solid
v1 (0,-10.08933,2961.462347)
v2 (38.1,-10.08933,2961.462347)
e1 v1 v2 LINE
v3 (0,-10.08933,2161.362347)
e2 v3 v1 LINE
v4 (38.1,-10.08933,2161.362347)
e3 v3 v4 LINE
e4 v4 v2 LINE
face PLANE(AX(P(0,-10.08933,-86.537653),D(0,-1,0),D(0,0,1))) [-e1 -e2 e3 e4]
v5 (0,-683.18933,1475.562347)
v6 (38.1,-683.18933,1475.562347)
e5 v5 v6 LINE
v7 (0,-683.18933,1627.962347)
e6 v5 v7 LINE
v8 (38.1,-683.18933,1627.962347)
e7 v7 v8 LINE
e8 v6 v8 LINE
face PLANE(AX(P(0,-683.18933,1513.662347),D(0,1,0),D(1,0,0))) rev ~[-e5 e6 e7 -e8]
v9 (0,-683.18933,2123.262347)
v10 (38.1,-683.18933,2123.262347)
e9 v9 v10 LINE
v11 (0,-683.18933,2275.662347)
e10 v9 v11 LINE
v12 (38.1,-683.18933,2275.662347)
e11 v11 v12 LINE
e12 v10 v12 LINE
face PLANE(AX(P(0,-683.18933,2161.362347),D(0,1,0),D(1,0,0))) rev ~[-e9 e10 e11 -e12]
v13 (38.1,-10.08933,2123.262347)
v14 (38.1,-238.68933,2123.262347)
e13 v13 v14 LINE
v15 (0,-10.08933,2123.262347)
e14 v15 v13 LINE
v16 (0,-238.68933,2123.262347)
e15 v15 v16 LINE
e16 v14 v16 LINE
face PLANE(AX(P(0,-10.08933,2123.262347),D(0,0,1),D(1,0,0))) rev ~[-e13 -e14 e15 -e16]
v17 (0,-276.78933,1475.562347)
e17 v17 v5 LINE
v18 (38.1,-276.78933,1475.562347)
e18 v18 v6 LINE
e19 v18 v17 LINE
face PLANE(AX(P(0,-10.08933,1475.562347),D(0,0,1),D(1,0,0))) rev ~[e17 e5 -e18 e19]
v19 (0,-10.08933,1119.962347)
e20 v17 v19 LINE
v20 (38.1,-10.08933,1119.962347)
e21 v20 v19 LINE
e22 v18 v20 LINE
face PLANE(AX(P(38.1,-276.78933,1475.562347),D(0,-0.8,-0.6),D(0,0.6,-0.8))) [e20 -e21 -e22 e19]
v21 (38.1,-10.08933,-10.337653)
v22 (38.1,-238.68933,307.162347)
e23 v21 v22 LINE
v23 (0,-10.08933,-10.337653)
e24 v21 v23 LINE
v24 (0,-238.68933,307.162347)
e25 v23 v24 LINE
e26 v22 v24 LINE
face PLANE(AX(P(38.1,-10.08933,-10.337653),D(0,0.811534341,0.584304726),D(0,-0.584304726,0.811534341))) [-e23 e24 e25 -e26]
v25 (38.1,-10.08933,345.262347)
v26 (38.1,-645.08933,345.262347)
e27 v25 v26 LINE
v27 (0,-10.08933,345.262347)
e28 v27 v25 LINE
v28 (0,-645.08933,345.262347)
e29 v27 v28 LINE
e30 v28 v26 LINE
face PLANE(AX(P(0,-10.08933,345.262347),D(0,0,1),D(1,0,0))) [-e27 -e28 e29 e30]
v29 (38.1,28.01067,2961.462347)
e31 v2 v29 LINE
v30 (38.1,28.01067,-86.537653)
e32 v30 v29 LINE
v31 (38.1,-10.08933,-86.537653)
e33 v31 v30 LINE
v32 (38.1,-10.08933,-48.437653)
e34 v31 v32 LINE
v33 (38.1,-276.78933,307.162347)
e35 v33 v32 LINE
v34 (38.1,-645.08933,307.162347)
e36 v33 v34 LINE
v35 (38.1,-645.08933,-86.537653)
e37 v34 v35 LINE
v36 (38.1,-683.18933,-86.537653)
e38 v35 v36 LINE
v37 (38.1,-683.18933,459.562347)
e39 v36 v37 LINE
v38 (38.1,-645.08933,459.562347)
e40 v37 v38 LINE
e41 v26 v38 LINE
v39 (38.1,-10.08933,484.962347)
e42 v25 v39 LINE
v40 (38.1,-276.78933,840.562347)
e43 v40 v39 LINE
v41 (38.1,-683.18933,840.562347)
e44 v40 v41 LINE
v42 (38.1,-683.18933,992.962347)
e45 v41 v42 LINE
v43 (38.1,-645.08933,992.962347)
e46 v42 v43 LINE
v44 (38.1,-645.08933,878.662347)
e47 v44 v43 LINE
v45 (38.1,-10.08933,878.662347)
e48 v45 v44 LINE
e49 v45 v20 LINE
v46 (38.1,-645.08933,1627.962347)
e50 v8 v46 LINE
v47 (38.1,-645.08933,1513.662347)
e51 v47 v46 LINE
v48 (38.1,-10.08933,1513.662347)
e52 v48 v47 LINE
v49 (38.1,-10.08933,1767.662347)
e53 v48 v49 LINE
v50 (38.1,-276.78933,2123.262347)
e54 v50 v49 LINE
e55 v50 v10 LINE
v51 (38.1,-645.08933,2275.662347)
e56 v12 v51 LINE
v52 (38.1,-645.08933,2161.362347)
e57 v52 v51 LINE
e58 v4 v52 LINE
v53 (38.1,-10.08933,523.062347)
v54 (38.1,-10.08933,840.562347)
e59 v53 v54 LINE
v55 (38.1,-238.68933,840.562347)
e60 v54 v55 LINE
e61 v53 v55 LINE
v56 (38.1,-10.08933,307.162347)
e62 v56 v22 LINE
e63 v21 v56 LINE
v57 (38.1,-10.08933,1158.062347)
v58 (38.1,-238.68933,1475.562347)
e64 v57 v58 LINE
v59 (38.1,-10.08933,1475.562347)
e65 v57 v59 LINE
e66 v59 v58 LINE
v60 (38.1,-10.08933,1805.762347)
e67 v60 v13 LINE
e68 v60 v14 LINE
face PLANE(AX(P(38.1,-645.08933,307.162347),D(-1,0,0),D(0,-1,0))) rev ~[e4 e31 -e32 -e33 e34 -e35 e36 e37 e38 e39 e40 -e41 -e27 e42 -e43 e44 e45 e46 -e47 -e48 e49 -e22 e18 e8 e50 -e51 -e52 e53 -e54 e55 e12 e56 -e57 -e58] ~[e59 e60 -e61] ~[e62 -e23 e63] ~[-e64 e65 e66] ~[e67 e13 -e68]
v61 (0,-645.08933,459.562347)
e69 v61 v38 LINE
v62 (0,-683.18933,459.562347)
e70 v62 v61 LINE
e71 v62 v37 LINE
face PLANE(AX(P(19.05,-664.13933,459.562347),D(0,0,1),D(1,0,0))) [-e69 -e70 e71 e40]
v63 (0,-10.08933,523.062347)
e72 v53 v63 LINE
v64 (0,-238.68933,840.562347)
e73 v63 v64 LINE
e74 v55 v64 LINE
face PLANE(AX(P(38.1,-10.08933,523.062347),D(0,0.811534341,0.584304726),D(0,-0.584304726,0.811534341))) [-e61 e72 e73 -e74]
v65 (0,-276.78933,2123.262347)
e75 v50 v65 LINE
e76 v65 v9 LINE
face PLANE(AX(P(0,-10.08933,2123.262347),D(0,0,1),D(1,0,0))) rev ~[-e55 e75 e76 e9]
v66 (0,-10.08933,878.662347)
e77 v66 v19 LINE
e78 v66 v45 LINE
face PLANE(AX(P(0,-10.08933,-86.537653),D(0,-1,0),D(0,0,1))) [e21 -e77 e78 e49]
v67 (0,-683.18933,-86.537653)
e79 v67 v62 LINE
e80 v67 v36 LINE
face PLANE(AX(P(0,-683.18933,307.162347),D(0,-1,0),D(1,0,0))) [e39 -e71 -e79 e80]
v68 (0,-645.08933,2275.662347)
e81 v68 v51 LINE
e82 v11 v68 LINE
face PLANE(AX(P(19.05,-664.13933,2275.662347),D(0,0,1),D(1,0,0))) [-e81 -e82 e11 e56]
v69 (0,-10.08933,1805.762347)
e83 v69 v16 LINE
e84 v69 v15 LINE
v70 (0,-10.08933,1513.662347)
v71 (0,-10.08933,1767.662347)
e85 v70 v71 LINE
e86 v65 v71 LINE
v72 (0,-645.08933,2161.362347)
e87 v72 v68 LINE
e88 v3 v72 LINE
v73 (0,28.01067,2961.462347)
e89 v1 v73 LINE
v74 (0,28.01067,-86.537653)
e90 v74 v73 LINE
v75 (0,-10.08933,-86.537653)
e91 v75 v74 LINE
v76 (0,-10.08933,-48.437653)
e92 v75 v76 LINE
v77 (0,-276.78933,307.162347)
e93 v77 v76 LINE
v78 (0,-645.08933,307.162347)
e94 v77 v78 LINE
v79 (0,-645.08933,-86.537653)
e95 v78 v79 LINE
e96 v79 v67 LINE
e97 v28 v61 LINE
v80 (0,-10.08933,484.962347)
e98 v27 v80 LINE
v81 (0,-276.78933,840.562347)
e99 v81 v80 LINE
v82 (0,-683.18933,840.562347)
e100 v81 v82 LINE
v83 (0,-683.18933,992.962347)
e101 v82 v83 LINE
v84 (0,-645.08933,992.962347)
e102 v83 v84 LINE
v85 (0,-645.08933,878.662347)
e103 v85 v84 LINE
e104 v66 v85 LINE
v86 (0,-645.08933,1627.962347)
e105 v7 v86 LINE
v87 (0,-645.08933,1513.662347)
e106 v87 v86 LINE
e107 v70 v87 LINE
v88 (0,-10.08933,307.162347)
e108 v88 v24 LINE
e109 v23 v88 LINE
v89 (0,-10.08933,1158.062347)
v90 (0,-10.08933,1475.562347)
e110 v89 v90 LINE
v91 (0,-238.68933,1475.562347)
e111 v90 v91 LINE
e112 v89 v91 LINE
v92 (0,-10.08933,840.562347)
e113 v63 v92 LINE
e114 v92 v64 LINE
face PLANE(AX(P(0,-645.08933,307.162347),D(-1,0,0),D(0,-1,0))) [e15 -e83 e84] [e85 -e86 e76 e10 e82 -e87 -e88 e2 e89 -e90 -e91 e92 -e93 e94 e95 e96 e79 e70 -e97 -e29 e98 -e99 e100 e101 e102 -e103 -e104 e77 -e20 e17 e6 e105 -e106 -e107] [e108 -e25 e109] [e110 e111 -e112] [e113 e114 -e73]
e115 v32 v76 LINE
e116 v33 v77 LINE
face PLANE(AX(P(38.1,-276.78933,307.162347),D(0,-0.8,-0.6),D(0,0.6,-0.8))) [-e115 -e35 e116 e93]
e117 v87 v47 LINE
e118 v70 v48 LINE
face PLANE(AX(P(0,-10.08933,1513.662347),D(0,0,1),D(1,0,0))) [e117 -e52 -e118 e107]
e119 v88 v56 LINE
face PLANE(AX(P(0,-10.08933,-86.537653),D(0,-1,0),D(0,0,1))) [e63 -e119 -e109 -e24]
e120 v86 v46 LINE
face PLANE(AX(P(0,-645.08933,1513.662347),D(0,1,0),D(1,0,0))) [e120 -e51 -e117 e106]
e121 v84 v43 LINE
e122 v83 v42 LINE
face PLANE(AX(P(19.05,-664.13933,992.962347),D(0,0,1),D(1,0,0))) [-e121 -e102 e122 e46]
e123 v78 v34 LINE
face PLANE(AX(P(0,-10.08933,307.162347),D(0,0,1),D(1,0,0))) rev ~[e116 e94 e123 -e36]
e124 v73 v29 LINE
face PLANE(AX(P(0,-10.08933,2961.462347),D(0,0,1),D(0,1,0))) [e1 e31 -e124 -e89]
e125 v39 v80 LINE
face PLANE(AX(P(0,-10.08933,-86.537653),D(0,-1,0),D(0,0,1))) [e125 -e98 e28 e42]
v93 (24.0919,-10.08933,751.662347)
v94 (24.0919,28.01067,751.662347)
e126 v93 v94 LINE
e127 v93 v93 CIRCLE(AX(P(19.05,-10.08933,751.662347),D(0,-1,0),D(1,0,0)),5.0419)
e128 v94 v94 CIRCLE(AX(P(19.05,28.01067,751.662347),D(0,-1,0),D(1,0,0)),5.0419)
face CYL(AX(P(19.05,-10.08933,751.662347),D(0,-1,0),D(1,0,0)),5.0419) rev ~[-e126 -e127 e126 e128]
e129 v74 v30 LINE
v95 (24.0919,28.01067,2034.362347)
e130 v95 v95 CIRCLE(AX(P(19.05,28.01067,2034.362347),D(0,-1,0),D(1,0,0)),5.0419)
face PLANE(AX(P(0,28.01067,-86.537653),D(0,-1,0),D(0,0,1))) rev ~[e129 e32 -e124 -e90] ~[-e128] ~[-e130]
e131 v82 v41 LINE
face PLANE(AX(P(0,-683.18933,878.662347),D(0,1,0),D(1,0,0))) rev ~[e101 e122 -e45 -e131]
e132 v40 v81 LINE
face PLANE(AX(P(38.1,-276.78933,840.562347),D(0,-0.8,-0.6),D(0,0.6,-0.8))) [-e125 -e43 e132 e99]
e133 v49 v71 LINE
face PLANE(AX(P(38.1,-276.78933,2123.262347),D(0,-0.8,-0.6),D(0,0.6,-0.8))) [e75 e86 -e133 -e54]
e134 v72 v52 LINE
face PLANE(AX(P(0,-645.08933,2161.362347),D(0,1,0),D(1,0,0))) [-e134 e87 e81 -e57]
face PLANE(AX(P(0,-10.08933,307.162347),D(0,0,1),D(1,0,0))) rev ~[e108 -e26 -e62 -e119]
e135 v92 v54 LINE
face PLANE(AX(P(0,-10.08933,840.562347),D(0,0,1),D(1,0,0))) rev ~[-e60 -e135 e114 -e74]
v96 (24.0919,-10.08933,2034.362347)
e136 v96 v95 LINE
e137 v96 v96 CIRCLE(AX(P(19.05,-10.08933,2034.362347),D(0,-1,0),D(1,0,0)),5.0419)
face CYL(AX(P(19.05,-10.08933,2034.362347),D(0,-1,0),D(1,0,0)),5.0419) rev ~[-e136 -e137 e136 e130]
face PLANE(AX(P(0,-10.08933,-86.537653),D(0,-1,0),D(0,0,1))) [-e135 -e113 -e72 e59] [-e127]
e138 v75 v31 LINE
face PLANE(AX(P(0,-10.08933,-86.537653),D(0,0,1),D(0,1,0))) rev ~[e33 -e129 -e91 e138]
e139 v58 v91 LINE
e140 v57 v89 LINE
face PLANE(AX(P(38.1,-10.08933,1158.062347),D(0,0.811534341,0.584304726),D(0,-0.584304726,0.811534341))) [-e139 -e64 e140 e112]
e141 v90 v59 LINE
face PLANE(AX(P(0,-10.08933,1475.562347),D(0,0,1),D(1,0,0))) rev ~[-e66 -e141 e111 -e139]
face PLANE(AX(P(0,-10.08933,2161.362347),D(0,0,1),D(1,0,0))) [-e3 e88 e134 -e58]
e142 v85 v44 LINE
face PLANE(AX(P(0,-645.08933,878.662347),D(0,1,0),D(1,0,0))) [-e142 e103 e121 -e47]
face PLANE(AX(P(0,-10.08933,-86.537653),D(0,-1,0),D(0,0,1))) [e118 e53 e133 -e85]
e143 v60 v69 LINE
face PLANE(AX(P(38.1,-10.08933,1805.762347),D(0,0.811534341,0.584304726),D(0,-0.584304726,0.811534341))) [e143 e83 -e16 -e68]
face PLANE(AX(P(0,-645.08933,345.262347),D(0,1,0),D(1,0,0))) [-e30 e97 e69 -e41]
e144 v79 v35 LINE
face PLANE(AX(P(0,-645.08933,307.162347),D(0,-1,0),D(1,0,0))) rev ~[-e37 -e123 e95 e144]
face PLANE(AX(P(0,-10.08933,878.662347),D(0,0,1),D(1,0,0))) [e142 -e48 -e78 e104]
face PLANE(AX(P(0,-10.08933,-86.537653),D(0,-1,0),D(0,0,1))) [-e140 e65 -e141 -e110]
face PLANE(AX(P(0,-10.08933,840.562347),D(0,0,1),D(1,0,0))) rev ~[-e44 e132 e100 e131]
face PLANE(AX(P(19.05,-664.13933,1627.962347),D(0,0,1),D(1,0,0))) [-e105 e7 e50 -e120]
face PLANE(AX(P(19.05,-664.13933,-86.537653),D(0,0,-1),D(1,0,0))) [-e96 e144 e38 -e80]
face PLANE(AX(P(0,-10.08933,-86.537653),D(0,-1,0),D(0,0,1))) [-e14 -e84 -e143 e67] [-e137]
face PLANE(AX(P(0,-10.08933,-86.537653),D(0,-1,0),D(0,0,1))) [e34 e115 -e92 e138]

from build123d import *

# Parameters (mm, degrees)
F0_W      = 38.1
F0_H      = 3048
F1_DEPTH  = 38.1
F2_W      = 38.1
F2_H      = 38.1
F3_DEPTH  = 673.1
F4_W      = 38.1
F4_H      = 38.1
F5_DEPTH  = 114.3
F6_W      = 38.1
F6_H      = 38.1
F7_DEPTH  = 114.3
F8_W      = 38.1
F8_H      = 38.1
F9_DEPTH  = 114.3
F10_W     = 38.1
F10_H     = 38.1
F11_DEPTH = 114.3
F12_W     = 38.1
F12_H     = 38.1
F13_DEPTH = 393.7
F15_DEPTH = 38.1
F17_D     = 10.0838
F17_DEPTH = 38.101


with BuildPart() as f1:
    # F0 (on Right) → F1 (new body)
    with BuildSketch(Plane.YZ):
        with Locations((8.9606698602, 1437.4623473273)):
            Rectangle(F0_W, F0_H)
    extrude(amount=F1_DEPTH)

    # F2 (on face) → F3 (join)
    with BuildSketch(Plane.XZ.offset(10.0893301398)):
        with Locations((19.05, 2142.3123473273)):
            Rectangle(F2_W, F2_H)
        with Locations((19.05, 1494.6123473273)):
            Rectangle(F2_W, F2_H)
        with Locations((19.05, 859.6123473273)):
            Rectangle(F2_W, F2_H)
        with Locations((19.05, 326.2123473273)):
            Rectangle(F2_W, F2_H)
    extrude(amount=F3_DEPTH)

    # F4 (on face) → F5 (join)
    with BuildSketch(Plane.XY.offset(2161.3623473273)):
        with Locations((19.05, -664.1393301398)):
            Rectangle(F4_W, F4_H)
    extrude(amount=F5_DEPTH)

    # F6 (on face) → F7 (join)
    with BuildSketch(Plane.XY.offset(1513.6623473273)):
        with Locations((19.05, -664.1393301398)):
            Rectangle(F6_W, F6_H)
    extrude(amount=F7_DEPTH)

    # F8 (on face) → F9 (join)
    with BuildSketch(Plane.XY.offset(878.6623473273)):
        with Locations((19.05, -664.1393301398)):
            Rectangle(F8_W, F8_H)
    extrude(amount=F9_DEPTH)

    # F10 (on face) → F11 (join)
    with BuildSketch(Plane.XY.offset(345.2623473273)):
        with Locations((19.05, -664.1393301398)):
            Rectangle(F10_W, F10_H)
    extrude(amount=F11_DEPTH)

    # F12 (on face) → F13 (join, through all)
    with BuildSketch(Plane(origin=(0, 0, 307.1623473273), x_dir=(1, 0, 0), z_dir=(0, 0, -1))):
        with Locations((19.05, 664.1393301398)):
            Rectangle(F12_W, F12_H)
    extrude(amount=F13_DEPTH)

    # F14 (on face) → F15 (join)
    with BuildSketch(Plane.YZ.offset(38.1)):
        Polygon((-276.7893301398, 2123.2623473273), (-10.0893301398, 1767.6623473273), (-10.0893301398, 1805.7623473273), (-238.6893301398, 2123.2623473273), align=None)
        Polygon((-276.7893301398, 1475.5623473273), (-10.0893301398, 1119.9623473273), (-10.0893301398, 1158.0623473273), (-238.6893301398, 1475.5623473273), align=None)
        Polygon((-238.6893301398, 840.5623473273), (-276.7893301398, 840.5623473273), (-10.0893301398, 484.9623473273), (-10.0893301398, 523.0623473273), align=None)
        Polygon((-238.6893301398, 307.1623473273), (-276.7893301398, 307.1623473273), (-10.0893301398, -48.4376526727), (-10.0893301398, -10.3376526727), align=None)
    extrude(amount=-F15_DEPTH)

    # F17 (through all, one way)
    with BuildSketch(Plane.XZ.offset(10.0893301398)):
        with Locations((19.05, 2034.3623473273), (19.05, 751.6623473273)):
            Circle(F17_D / 2)
    extrude(amount=-F17_DEPTH, mode=Mode.SUBTRACT)


solid = f1.part
